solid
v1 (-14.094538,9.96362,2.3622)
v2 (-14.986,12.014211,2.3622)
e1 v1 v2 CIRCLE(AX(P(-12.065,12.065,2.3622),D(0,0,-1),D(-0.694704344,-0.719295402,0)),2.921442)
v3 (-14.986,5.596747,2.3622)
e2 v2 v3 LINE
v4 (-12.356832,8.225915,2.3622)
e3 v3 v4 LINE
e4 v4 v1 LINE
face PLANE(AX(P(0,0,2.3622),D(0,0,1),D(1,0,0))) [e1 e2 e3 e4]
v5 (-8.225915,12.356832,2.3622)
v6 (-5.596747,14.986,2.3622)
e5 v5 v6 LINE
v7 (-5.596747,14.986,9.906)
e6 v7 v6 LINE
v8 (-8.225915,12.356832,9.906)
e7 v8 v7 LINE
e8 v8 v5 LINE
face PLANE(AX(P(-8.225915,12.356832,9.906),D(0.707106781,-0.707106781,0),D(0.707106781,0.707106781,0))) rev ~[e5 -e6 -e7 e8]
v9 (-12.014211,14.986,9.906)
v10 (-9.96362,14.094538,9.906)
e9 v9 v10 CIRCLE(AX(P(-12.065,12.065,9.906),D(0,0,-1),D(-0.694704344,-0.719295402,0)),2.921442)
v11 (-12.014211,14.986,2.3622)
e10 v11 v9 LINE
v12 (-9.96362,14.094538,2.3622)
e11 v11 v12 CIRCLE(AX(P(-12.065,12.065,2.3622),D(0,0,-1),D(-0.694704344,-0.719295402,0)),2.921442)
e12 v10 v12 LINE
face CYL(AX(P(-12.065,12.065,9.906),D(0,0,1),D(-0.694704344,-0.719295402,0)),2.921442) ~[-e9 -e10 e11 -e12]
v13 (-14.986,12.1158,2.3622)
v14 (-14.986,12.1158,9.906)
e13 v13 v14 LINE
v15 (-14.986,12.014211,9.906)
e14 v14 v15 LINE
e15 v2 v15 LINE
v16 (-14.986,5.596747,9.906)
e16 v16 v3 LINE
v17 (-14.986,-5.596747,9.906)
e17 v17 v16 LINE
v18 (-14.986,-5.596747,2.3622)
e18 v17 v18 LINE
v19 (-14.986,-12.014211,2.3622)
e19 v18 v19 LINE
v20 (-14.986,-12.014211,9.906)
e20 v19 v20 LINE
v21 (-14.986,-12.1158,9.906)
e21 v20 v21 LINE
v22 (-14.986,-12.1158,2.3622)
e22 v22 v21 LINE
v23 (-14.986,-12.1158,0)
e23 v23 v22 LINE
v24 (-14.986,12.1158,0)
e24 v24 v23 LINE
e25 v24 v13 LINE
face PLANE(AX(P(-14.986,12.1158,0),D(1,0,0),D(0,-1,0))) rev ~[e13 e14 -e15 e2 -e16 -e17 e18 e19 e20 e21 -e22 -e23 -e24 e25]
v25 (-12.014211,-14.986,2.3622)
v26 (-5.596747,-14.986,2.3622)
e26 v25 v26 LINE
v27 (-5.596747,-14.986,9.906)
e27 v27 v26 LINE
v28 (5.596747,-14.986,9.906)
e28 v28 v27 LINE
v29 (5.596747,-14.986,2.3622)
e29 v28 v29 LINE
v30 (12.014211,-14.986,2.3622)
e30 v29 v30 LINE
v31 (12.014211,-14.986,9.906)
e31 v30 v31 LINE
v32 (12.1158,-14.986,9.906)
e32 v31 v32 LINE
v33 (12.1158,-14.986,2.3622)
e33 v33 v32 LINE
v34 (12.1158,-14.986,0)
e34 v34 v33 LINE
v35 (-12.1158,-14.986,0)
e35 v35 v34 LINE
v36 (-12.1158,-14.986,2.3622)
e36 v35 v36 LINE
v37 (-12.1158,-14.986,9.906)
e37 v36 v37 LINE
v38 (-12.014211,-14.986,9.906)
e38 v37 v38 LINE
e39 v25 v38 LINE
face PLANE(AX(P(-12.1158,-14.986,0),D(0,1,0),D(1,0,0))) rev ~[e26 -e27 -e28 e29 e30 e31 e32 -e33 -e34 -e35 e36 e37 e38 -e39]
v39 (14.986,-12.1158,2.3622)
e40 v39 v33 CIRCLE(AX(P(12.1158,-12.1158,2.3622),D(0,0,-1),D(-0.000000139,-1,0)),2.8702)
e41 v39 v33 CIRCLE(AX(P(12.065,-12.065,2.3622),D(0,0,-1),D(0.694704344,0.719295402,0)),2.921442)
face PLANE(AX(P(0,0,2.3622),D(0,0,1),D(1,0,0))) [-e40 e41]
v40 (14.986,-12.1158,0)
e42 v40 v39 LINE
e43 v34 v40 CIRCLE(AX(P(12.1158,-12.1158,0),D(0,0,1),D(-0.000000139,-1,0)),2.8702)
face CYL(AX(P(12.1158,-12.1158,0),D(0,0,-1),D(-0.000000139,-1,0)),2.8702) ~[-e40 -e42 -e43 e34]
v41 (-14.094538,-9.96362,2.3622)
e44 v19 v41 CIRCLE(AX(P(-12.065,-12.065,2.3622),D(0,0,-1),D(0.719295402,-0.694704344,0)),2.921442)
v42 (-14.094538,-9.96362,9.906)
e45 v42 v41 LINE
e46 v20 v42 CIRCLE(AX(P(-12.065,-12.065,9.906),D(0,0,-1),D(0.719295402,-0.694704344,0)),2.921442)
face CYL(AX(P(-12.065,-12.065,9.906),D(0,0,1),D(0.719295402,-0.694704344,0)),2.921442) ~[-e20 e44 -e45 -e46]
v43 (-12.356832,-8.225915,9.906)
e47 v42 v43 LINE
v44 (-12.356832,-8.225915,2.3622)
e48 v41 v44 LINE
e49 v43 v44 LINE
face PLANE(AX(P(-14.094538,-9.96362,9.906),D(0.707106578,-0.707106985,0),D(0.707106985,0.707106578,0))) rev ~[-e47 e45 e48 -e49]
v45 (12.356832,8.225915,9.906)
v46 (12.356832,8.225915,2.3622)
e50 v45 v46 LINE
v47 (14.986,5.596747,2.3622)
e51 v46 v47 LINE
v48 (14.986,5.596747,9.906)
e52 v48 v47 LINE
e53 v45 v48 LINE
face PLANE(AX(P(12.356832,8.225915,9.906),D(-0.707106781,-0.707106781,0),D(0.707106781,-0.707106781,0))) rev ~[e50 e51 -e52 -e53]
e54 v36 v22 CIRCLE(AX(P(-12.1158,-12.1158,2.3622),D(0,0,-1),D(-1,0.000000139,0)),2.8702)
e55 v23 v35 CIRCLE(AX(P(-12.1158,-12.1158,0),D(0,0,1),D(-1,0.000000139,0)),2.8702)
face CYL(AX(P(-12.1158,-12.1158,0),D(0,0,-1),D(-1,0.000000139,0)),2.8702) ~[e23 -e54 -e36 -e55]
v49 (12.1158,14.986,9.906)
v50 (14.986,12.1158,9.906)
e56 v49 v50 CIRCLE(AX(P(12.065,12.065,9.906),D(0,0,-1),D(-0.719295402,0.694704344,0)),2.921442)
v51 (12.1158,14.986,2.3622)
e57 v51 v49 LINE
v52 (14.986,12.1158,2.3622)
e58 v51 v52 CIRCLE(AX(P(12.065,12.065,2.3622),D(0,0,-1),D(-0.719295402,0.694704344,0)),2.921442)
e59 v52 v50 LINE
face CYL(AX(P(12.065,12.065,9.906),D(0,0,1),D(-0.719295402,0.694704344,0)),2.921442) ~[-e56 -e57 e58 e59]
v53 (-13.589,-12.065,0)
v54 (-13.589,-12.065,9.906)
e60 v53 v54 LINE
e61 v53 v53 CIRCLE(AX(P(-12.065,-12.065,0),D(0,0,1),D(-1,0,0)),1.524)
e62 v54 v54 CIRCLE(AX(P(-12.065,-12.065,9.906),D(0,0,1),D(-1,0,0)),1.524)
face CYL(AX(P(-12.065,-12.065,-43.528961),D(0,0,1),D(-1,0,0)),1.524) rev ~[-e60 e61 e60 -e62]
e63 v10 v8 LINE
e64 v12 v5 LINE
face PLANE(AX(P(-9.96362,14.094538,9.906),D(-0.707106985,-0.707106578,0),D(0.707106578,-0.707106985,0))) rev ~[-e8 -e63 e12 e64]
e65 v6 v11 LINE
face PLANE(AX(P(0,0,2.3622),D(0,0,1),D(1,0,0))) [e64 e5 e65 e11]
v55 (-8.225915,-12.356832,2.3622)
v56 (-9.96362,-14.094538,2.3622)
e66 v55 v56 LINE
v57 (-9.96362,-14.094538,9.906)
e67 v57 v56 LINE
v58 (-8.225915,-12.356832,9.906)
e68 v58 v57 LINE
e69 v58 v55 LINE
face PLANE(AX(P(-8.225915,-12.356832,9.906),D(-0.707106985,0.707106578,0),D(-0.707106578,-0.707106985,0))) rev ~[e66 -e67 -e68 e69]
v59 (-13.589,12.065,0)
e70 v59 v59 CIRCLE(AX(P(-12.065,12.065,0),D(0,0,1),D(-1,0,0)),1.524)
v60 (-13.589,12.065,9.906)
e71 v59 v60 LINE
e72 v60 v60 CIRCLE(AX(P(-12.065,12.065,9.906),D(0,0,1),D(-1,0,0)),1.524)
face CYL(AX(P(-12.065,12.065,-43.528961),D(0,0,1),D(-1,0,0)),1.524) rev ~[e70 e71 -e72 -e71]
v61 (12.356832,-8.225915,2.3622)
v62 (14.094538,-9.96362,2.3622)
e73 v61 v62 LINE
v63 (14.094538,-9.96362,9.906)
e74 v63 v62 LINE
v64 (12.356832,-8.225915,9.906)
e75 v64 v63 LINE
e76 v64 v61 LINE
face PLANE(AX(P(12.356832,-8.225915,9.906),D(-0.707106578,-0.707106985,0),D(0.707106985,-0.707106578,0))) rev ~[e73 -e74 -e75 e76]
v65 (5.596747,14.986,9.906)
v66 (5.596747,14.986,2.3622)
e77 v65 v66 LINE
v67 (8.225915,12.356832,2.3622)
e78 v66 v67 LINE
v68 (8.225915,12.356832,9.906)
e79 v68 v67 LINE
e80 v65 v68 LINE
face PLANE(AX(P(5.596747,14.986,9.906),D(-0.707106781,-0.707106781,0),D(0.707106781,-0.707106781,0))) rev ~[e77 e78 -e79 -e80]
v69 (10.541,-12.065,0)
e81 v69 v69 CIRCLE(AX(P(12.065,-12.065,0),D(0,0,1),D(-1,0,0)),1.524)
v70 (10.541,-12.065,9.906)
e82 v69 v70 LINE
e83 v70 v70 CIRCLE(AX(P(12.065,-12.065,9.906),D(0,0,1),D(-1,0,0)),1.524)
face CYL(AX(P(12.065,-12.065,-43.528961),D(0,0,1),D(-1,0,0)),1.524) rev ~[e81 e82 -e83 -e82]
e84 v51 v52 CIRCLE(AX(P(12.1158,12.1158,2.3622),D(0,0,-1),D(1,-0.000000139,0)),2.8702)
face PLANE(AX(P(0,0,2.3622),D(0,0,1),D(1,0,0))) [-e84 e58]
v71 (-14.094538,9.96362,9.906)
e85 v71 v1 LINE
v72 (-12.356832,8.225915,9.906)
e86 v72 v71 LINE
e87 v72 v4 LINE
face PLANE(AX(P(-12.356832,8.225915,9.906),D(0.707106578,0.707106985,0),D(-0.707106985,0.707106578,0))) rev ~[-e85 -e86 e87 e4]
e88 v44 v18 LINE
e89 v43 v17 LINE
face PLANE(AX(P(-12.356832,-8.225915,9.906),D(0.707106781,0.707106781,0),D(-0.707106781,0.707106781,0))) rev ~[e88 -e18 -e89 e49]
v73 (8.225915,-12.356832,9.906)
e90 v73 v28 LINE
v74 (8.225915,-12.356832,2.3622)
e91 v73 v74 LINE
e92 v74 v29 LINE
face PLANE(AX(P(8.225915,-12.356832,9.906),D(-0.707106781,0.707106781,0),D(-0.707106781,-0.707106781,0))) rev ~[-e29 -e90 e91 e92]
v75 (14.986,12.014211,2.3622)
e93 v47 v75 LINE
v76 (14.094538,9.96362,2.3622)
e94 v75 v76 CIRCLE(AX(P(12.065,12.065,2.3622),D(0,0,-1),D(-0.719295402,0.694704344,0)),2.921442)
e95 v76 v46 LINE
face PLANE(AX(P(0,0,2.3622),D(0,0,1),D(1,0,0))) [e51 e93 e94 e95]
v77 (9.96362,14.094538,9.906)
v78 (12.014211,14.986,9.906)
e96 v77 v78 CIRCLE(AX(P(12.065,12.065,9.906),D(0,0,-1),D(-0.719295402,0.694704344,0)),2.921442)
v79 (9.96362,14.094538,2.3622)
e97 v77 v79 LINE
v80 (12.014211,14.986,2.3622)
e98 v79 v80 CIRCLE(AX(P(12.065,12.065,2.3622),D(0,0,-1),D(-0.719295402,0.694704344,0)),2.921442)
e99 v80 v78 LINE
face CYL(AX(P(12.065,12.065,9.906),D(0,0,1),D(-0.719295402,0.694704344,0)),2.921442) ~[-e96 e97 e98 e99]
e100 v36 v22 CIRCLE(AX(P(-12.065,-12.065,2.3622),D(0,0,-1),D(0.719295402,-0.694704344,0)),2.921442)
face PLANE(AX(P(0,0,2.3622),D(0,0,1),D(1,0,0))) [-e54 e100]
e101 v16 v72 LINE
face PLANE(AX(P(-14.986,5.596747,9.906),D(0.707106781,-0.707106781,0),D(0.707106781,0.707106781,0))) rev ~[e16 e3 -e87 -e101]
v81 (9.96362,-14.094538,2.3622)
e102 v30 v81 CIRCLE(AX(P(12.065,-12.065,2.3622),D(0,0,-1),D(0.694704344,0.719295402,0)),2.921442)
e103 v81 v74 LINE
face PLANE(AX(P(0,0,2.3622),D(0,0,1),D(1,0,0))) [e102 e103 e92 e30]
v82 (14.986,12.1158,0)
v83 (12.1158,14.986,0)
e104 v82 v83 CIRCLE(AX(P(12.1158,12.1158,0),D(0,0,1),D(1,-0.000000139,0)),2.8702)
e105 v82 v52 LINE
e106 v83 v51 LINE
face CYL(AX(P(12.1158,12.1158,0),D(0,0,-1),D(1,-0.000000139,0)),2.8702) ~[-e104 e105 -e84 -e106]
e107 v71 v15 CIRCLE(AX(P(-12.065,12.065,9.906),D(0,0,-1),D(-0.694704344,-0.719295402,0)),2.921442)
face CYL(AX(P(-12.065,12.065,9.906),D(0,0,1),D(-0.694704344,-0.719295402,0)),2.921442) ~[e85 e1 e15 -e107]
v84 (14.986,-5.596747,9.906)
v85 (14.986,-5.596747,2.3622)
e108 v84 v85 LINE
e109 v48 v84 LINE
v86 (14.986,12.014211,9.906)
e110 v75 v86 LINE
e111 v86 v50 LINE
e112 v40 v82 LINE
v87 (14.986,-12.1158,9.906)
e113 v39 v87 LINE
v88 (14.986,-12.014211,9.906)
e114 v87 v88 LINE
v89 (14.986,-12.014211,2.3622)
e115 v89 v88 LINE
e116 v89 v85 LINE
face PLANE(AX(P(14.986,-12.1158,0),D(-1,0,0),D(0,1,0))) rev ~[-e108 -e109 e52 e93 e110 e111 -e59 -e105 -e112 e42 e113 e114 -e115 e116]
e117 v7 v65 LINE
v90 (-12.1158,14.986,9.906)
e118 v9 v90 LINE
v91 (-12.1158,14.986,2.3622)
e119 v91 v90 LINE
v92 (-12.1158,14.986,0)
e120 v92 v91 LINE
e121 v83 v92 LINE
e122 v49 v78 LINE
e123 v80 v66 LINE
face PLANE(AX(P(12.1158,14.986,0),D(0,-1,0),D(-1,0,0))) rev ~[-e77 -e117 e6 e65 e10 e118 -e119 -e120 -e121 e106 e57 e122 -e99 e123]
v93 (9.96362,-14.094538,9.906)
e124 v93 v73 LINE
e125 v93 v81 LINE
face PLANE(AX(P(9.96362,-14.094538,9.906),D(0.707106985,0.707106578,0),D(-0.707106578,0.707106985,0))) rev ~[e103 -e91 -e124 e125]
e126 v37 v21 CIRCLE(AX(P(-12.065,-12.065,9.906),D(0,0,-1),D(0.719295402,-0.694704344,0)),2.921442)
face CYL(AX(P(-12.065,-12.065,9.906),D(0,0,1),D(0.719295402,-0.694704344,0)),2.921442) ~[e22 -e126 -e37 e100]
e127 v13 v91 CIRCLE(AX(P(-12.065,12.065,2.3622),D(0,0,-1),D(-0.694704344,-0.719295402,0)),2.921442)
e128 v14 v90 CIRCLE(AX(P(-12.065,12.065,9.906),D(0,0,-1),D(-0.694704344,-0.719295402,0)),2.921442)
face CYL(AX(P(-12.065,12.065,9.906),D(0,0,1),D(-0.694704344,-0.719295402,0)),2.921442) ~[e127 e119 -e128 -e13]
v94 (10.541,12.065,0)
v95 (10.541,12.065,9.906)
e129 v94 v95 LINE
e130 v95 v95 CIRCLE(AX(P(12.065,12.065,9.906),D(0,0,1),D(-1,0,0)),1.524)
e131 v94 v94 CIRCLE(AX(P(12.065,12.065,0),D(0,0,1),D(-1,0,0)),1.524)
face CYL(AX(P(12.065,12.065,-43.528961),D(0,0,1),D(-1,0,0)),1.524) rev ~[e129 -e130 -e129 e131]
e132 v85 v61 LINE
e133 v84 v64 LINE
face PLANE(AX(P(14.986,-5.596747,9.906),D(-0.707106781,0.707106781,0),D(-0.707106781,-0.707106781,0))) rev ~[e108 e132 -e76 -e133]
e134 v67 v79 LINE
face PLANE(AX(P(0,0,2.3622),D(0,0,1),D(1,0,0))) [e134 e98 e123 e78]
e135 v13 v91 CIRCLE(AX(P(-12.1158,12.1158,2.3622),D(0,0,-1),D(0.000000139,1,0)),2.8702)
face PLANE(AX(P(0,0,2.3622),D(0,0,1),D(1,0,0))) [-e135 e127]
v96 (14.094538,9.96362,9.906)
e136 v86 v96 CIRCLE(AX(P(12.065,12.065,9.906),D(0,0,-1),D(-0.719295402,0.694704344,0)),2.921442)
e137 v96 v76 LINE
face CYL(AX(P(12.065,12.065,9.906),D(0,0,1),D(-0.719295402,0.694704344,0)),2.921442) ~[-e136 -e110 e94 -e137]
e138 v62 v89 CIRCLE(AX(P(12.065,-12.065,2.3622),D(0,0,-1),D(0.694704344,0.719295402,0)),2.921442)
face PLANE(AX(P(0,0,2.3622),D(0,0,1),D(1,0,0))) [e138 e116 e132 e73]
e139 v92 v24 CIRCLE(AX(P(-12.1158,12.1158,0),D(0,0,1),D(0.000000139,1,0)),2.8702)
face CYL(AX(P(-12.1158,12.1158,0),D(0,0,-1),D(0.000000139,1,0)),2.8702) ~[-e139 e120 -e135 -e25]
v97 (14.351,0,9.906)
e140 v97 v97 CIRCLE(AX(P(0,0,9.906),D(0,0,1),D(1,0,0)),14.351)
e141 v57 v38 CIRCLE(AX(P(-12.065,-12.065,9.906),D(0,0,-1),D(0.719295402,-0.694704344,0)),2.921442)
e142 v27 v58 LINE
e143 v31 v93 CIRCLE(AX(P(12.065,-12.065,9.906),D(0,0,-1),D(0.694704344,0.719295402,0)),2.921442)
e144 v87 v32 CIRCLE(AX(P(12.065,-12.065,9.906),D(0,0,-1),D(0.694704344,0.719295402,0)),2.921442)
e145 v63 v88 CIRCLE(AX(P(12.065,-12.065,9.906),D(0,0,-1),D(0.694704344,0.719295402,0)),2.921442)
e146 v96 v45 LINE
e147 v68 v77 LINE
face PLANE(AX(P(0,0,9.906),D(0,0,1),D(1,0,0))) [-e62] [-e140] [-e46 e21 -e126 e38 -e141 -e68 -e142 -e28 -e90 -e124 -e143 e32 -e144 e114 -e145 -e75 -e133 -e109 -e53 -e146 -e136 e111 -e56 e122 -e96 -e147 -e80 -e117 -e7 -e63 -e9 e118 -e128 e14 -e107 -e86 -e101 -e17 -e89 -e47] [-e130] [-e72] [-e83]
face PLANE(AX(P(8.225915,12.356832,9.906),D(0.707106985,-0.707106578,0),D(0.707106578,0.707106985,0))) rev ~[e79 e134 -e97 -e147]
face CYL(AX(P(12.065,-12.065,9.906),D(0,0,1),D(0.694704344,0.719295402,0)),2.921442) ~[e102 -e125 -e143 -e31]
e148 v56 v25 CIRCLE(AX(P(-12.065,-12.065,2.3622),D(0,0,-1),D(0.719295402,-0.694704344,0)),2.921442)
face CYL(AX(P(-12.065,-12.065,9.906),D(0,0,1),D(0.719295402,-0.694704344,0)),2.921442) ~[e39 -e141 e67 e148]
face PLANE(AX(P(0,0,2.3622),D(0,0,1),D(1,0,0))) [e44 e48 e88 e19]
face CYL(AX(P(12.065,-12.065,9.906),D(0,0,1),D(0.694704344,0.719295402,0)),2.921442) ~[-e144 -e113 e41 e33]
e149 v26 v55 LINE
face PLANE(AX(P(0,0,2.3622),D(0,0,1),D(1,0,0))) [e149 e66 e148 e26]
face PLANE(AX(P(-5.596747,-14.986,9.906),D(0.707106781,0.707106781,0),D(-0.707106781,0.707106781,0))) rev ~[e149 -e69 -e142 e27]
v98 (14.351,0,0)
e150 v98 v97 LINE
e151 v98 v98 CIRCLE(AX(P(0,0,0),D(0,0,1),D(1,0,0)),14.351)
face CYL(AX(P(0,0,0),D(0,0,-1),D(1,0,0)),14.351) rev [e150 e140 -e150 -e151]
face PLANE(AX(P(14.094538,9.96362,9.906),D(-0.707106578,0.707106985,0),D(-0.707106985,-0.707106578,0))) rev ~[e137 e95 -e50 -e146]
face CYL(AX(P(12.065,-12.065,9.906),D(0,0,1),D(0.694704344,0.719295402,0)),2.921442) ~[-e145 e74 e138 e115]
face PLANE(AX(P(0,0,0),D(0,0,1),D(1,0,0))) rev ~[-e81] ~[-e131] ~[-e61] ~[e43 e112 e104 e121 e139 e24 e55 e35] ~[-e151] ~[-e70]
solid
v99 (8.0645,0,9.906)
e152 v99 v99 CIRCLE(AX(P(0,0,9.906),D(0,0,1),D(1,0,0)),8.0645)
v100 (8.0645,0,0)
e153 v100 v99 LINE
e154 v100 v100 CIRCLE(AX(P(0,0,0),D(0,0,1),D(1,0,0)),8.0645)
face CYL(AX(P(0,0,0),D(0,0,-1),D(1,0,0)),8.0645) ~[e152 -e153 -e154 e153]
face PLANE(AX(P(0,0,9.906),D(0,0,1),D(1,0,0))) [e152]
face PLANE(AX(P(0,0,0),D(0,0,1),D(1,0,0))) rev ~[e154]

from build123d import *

# Parameters (mm, degrees)
F0_R     = 14.351
F1_DEPTH = 9.906
F2_W     = 35.827614
F2_H     = 36.253556
F3_DEPTH = 7.5438
F4_D     = 3.048
F5_R     = 8.0645
F6_DEPTH = 9.906


with BuildPart() as f1:
    # F0 (on Top) → F1 (new body)
    with BuildSketch(Plane.XY):
        with BuildLine():
            Line((12.1158, 14.986), (-12.1158, 14.986))
            ThreePointArc((-12.1158, 14.986), (-14.145338, 14.145338), (-14.986, 12.1158))
            Line((-14.986, 12.1158), (-14.986, -12.1158))
            ThreePointArc((-14.986, -12.1158), (-14.145338, -14.145338), (-12.1158, -14.986))
            Line((-12.1158, -14.986), (12.1158, -14.986))
            ThreePointArc((12.1158, -14.986), (14.145338, -14.145338), (14.986, -12.1158))
            Line((14.986, -12.1158), (14.986, 12.1158))
            ThreePointArc((14.986, 12.1158), (14.145338, 14.145338), (12.1158, 14.986))
        make_face()
        Circle(F0_R, mode=Mode.SUBTRACT)
    extrude(amount=F1_DEPTH)

    # F2 (on face) → F3 (cut)
    with BuildSketch(Plane.XY.offset(9.906)):
        with BuildLine():
            Line((-8.225915, 12.356832), (-9.96362, 14.094538))
            ThreePointArc((-9.96362, 14.094538), (-14.130771, 14.130771), (-14.094538, 9.96362))
            Line((-14.094538, 9.96362), (-12.356832, 8.225915))
            Line((-12.356832, 8.225915), (-14.986, 5.596747))
            Line((-14.986, 5.596747), (-14.986, -5.596747))
            Line((-14.986, -5.596747), (-12.356832, -8.225915))
            Line((-12.356832, -8.225915), (-14.094538, -9.96362))
            ThreePointArc((-14.094538, -9.96362), (-14.130771, -14.130771), (-9.96362, -14.094538))
            Line((-9.96362, -14.094538), (-8.225915, -12.356832))
            Line((-8.225915, -12.356832), (-5.596747, -14.986))
            Line((-5.596747, -14.986), (5.596747, -14.986))
            Line((5.596747, -14.986), (8.225915, -12.356832))
            Line((8.225915, -12.356832), (9.96362, -14.094538))
            ThreePointArc((9.96362, -14.094538), (14.130771, -14.130771), (14.094538, -9.96362))
            Line((14.094538, -9.96362), (12.356832, -8.225915))
            Line((12.356832, -8.225915), (14.986, -5.596747))
            Line((14.986, -5.596747), (14.986, 5.596747))
            Line((14.986, 5.596747), (12.356832, 8.225915))
            Line((12.356832, 8.225915), (14.094538, 9.96362))
            ThreePointArc((14.094538, 9.96362), (14.130771, 14.130771), (9.96362, 14.094538))
            Line((9.96362, 14.094538), (8.225915, 12.356832))
            Line((8.225915, 12.356832), (5.596747, 14.986))
            Line((5.596747, 14.986), (-5.596747, 14.986))
            Line((-5.596747, 14.986), (-8.225915, 12.356832))
        make_face()
        Rectangle(F2_W, F2_H)
        with BuildLine():
            ThreePointArc((-14.094538, 9.96362), (-14.130771, 14.130771), (-9.96362, 14.094538))
            Line((-9.96362, 14.094538), (-8.225915, 12.356832))
            Line((-8.225915, 12.356832), (-5.596747, 14.986))
            Line((-5.596747, 14.986), (5.596747, 14.986))
            Line((5.596747, 14.986), (8.225915, 12.356832))
            Line((8.225915, 12.356832), (9.96362, 14.094538))
            ThreePointArc((9.96362, 14.094538), (14.130771, 14.130771), (14.094538, 9.96362))
            Line((14.094538, 9.96362), (12.356832, 8.225915))
            Line((12.356832, 8.225915), (14.986, 5.596747))
            Line((14.986, 5.596747), (14.986, -5.596747))
            Line((14.986, -5.596747), (12.356832, -8.225915))
            Line((12.356832, -8.225915), (14.094538, -9.96362))
            ThreePointArc((14.094538, -9.96362), (14.130771, -14.130771), (9.96362, -14.094538))
            Line((9.96362, -14.094538), (8.225915, -12.356832))
            Line((8.225915, -12.356832), (5.596747, -14.986))
            Line((5.596747, -14.986), (-5.596747, -14.986))
            Line((-5.596747, -14.986), (-8.225915, -12.356832))
            Line((-8.225915, -12.356832), (-9.96362, -14.094538))
            ThreePointArc((-9.96362, -14.094538), (-14.130771, -14.130771), (-14.094538, -9.96362))
            Line((-14.094538, -9.96362), (-12.356832, -8.225915))
            Line((-12.356832, -8.225915), (-14.986, -5.596747))
            Line((-14.986, -5.596747), (-14.986, 5.596747))
            Line((-14.986, 5.596747), (-12.356832, 8.225915))
            Line((-12.356832, 8.225915), (-14.094538, 9.96362))
        make_face(mode=Mode.SUBTRACT)
    extrude(amount=-F3_DEPTH, mode=Mode.SUBTRACT)

    # F4 (through all)
    with Locations(Plane(origin=(0, 0, 0), x_dir=(1, 0, 0), z_dir=(0, 0, -1))):
        with Locations((-12.065, 12.065), (12.065, 12.065), (12.065, -12.065), (-12.065, -12.065)):
            Hole(F4_D / 2)


with BuildPart() as f6:
    # F5 (on Top) → F6 (new body)
    with BuildSketch(Plane.XY):
        Circle(F5_R)
    extrude(amount=F6_DEPTH)


solid = Compound([f1.part, f6.part])
